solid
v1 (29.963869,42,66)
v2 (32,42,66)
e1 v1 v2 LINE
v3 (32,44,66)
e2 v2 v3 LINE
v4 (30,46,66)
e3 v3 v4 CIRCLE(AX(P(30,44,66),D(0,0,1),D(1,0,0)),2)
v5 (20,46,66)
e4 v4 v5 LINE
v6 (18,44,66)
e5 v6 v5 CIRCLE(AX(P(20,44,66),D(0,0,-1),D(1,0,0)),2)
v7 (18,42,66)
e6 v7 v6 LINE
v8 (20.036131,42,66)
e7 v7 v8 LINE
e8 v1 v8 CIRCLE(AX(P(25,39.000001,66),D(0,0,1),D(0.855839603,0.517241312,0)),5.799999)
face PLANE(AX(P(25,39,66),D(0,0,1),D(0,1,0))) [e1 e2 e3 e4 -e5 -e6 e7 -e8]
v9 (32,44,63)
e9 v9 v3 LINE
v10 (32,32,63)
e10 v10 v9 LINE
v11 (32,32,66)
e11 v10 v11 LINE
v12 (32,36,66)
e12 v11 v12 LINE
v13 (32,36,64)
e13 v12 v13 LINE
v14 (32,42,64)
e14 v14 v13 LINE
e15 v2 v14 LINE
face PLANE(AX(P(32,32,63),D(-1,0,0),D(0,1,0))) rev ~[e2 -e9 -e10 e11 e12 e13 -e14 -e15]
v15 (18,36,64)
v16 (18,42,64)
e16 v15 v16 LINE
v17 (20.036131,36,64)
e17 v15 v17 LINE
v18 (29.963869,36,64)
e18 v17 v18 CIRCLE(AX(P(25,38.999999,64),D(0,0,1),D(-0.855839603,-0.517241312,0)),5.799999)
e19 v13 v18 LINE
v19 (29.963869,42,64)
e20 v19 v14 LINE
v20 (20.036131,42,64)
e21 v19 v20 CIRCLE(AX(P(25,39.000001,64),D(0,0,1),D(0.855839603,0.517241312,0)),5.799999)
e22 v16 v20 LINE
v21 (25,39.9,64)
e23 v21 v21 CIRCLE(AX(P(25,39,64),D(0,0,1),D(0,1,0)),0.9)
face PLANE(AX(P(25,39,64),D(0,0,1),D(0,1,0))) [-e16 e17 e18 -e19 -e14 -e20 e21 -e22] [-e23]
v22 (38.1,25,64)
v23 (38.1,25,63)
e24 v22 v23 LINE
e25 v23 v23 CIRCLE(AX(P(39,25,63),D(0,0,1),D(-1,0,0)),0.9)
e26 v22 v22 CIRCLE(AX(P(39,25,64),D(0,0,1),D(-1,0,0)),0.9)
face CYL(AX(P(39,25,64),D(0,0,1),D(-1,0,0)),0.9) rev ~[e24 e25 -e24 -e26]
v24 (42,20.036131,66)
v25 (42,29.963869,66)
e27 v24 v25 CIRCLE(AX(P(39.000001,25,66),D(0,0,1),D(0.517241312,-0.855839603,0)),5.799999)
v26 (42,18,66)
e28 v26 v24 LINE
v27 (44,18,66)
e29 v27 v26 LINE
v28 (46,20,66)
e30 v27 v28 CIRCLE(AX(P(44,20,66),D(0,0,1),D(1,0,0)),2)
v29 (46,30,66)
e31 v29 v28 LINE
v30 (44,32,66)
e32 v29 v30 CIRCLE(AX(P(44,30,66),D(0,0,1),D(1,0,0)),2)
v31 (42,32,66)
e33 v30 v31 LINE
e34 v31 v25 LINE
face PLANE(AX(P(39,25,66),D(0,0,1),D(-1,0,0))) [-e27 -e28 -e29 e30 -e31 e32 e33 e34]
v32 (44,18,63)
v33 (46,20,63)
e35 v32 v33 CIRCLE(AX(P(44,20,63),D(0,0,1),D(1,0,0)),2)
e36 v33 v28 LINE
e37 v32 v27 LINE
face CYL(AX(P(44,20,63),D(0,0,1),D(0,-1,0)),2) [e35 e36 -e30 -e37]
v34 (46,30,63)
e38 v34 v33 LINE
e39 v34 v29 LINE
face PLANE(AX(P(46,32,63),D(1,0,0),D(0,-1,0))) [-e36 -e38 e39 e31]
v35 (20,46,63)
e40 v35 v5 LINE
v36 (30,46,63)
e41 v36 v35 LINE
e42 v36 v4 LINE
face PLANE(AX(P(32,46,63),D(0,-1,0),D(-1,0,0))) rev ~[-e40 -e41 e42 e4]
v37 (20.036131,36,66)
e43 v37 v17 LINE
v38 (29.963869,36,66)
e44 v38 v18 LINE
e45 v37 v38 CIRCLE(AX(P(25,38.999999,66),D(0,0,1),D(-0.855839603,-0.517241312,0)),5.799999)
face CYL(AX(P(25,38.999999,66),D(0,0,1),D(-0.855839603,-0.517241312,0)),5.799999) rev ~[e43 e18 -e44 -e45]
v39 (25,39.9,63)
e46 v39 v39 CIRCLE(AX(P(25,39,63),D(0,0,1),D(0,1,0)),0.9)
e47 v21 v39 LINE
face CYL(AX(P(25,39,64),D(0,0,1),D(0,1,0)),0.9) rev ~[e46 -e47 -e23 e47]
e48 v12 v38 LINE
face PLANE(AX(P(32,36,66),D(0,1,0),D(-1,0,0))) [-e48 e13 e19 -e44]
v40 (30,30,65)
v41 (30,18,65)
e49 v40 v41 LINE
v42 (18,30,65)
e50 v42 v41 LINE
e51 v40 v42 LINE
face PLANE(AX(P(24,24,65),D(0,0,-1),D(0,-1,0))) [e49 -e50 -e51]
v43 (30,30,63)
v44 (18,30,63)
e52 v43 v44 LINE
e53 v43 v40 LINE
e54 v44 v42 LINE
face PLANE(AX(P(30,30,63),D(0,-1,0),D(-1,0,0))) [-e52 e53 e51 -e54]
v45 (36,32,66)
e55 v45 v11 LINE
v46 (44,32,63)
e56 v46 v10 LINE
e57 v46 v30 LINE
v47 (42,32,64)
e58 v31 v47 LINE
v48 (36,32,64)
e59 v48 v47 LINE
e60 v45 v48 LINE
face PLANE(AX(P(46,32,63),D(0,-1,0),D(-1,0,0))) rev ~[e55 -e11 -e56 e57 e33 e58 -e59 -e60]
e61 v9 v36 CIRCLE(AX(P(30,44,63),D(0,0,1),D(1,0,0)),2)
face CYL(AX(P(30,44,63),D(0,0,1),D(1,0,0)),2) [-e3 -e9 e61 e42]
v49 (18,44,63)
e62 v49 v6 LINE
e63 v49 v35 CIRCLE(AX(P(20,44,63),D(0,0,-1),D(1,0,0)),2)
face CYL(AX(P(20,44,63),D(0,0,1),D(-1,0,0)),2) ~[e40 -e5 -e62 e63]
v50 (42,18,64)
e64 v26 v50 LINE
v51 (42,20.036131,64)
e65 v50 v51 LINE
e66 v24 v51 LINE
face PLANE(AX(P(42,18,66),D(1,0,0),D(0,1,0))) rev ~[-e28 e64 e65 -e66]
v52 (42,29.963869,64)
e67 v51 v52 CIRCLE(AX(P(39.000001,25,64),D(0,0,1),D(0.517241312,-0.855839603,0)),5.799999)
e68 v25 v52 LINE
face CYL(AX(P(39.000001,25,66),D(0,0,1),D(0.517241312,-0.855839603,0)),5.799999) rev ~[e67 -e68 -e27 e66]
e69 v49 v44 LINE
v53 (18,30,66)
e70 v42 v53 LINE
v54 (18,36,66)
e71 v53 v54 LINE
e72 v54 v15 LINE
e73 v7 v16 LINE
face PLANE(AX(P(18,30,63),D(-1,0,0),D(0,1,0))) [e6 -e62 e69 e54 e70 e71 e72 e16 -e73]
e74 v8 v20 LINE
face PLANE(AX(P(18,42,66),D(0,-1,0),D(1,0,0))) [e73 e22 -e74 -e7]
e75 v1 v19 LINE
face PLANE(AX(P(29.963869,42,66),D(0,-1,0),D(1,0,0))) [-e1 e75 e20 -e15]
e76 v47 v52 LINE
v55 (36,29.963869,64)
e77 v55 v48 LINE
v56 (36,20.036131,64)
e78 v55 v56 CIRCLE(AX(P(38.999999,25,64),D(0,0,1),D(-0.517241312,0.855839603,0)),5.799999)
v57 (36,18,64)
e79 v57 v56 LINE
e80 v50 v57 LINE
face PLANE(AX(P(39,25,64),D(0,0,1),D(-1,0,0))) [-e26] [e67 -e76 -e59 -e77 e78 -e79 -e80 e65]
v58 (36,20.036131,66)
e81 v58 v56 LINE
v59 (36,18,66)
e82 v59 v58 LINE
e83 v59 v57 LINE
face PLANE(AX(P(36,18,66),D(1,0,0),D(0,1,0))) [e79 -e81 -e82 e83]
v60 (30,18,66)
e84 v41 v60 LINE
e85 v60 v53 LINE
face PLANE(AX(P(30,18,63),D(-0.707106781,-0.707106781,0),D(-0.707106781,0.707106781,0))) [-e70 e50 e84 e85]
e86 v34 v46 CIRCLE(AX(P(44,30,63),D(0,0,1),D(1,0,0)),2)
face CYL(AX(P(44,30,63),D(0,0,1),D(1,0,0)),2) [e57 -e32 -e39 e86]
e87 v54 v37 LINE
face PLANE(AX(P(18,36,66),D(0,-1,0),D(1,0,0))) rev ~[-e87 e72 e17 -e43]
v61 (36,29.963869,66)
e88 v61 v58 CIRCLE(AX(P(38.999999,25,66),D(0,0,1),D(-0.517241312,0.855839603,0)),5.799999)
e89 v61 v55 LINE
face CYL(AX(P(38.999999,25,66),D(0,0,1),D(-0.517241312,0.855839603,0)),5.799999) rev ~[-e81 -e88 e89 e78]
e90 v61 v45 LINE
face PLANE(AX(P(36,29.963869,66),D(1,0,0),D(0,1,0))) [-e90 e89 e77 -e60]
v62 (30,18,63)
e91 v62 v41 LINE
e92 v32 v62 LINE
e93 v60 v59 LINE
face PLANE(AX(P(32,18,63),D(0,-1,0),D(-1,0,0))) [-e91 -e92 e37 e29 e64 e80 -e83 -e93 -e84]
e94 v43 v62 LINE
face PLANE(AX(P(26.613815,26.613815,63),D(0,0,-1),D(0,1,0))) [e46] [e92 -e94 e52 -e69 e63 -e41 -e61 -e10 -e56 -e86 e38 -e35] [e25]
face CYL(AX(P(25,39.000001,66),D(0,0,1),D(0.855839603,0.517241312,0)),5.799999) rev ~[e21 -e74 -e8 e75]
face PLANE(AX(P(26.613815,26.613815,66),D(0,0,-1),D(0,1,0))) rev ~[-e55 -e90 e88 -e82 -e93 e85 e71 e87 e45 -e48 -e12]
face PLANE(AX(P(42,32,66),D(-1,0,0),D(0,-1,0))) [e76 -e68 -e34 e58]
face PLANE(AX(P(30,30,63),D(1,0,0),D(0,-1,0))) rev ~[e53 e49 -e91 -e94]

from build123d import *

# Parameters (mm, degrees)
SKETCH006_W                 = 14
SKETCH006_H                 = 14
PAD002_DEPTH                = 3
POCKET004_DEPTH             = 2
SKETCH008_R                 = 0.9
POCKET005_DEPTH             = 1.001
CLONE001007_PLACEMENT_ANGLE = 90
PAD_DEPTH                   = 3
SKETCH010_W                 = 12
SKETCH010_H                 = 12
POCKET_DEPTH                = 2
CLONE001006_PLACEMENT_ANGLE = 180
FILLET001_R                 = 2
CLONE001009_PLACEMENT_ANGLE = -90
CLONE001012_PLACEMENT_ANGLE = 180


with BuildPart() as pushpin_unit001:
    # Sketch006 → Pad002 (new body)
    with BuildSketch(Plane.XY):
        Rectangle(SKETCH006_W, SKETCH006_H)
    extrude(amount=PAD002_DEPTH)

    # Sketch007 → Pocket004 (cut)
    with BuildSketch(Plane.XY.offset(3)):
        with BuildLine():
            Line((-3, 7), (-3, 4.963869))
            ThreePointArc((-3, 4.963869), (-5.8, 0), (-3, -4.963869))
            Line((-3, -7), (-3, -4.963869))
            Line((3, -7), (-3, -7))
            Line((3, -4.963869), (3, -7))
            ThreePointArc((3, -4.963869), (5.8, 0), (3, 4.963869))
            Line((3, 7), (3, 4.963869))
            Line((-3, 7), (3, 7))
        make_face()
    extrude(amount=-POCKET004_DEPTH, mode=Mode.SUBTRACT)

    # Sketch008 → Pocket005 (cut, through all)
    with BuildSketch(Plane.XY.offset(1)):
        Circle(SKETCH008_R)
    extrude(amount=-POCKET005_DEPTH, mode=Mode.SUBTRACT)


with BuildPart() as pushpin_unit001_1:
    # Clone001005 placement: moved
    add(pushpin_unit001.part.moved(Location((14, 0, 0))))


with BuildPart() as pushpin_unit003:
    # Clone001007 base: copy of pushpin-unit001
    add(pushpin_unit001_1.part)


with BuildPart() as pushpin_unit003_1:
    # Clone001007 placement: moved
    add(pushpin_unit003.part.moved(Location((0, -28, 0))).rotate(Axis((0, -28, 0), (0, 0, 1)), CLONE001007_PLACEMENT_ANGLE))


with BuildPart() as pushpin_unit002:
    # Sketch → Pad (new body)
    with BuildSketch(Plane.XY):
        Polygon((-7, -7), (-7, 7), (7, 7), (7, 5), (-5, -7), align=None)
    extrude(amount=PAD_DEPTH)

    # Sketch010 → Pocket (cut)
    with BuildSketch(Plane(origin=(0, 0, 0), x_dir=(1, 0, 0), z_dir=(0, 0, -1))):
        with Locations((1, 1)):
            Rectangle(SKETCH010_W, SKETCH010_H)
    extrude(amount=-POCKET_DEPTH, mode=Mode.SUBTRACT)


with BuildPart() as pushpin_unit002_1:
    # Clone001006 placement: moved
    add(pushpin_unit002.part.rotate(Axis((0, 0, 0), (0, 0, 1)), CLONE001006_PLACEMENT_ANGLE))


with BuildPart() as clone_of_corner_holder_double002:
    # Fusion001 base: copy of pushpin-unit001
    add(pushpin_unit001_1.part)

    # Fusion001: union pushpin-unit003, pushpin-unit002
    add(pushpin_unit003_1.part)
    add(pushpin_unit002_1.part)

    # Fillet001
    fillet001_edges = [clone_of_corner_holder_double002.edges().sort_by_distance(p)[0] for p in [
        (21, 7, 1.5),
        (21, -7, 1.5),
        (7, -21, 1.5),
        (-7, -21, 1.5),
    ]]
    fillet(fillet001_edges, radius=FILLET001_R)


with BuildPart() as clone_of_corner_holder_double002_1:
    # Clone001008 placement: moved
    add(clone_of_corner_holder_double002.part.moved(Location((-13.497608, 48.033168, 0))))


with BuildPart() as clone_of_corner_holder_double002_2:
    # Clone001009 placement: moved
    add(clone_of_corner_holder_double002_1.part.moved(Location((-30.900794, -30.494573, 0))).rotate(Axis((-30.900794, -30.494573, 0), (0, 0, 1)), CLONE001009_PLACEMENT_ANGLE))


with BuildPart() as clone_of_corner_holder_double002_3:
    # Clone001012 placement: moved
    add(clone_of_corner_holder_double002_2.part.moved(Location((84.263711, 16.007107, 0))).rotate(Axis((84.263711, 16.007107, 0), (0, 0, 1)), CLONE001012_PLACEMENT_ANGLE))


with BuildPart() as clone_of_corner_holder_double002_4:
    # Clone001018 placement: moved
    add(clone_of_corner_holder_double002_3.part.moved(Location((-42.131337, -8.004072, 63))))


solid = clone_of_corner_holder_double002_4.part
